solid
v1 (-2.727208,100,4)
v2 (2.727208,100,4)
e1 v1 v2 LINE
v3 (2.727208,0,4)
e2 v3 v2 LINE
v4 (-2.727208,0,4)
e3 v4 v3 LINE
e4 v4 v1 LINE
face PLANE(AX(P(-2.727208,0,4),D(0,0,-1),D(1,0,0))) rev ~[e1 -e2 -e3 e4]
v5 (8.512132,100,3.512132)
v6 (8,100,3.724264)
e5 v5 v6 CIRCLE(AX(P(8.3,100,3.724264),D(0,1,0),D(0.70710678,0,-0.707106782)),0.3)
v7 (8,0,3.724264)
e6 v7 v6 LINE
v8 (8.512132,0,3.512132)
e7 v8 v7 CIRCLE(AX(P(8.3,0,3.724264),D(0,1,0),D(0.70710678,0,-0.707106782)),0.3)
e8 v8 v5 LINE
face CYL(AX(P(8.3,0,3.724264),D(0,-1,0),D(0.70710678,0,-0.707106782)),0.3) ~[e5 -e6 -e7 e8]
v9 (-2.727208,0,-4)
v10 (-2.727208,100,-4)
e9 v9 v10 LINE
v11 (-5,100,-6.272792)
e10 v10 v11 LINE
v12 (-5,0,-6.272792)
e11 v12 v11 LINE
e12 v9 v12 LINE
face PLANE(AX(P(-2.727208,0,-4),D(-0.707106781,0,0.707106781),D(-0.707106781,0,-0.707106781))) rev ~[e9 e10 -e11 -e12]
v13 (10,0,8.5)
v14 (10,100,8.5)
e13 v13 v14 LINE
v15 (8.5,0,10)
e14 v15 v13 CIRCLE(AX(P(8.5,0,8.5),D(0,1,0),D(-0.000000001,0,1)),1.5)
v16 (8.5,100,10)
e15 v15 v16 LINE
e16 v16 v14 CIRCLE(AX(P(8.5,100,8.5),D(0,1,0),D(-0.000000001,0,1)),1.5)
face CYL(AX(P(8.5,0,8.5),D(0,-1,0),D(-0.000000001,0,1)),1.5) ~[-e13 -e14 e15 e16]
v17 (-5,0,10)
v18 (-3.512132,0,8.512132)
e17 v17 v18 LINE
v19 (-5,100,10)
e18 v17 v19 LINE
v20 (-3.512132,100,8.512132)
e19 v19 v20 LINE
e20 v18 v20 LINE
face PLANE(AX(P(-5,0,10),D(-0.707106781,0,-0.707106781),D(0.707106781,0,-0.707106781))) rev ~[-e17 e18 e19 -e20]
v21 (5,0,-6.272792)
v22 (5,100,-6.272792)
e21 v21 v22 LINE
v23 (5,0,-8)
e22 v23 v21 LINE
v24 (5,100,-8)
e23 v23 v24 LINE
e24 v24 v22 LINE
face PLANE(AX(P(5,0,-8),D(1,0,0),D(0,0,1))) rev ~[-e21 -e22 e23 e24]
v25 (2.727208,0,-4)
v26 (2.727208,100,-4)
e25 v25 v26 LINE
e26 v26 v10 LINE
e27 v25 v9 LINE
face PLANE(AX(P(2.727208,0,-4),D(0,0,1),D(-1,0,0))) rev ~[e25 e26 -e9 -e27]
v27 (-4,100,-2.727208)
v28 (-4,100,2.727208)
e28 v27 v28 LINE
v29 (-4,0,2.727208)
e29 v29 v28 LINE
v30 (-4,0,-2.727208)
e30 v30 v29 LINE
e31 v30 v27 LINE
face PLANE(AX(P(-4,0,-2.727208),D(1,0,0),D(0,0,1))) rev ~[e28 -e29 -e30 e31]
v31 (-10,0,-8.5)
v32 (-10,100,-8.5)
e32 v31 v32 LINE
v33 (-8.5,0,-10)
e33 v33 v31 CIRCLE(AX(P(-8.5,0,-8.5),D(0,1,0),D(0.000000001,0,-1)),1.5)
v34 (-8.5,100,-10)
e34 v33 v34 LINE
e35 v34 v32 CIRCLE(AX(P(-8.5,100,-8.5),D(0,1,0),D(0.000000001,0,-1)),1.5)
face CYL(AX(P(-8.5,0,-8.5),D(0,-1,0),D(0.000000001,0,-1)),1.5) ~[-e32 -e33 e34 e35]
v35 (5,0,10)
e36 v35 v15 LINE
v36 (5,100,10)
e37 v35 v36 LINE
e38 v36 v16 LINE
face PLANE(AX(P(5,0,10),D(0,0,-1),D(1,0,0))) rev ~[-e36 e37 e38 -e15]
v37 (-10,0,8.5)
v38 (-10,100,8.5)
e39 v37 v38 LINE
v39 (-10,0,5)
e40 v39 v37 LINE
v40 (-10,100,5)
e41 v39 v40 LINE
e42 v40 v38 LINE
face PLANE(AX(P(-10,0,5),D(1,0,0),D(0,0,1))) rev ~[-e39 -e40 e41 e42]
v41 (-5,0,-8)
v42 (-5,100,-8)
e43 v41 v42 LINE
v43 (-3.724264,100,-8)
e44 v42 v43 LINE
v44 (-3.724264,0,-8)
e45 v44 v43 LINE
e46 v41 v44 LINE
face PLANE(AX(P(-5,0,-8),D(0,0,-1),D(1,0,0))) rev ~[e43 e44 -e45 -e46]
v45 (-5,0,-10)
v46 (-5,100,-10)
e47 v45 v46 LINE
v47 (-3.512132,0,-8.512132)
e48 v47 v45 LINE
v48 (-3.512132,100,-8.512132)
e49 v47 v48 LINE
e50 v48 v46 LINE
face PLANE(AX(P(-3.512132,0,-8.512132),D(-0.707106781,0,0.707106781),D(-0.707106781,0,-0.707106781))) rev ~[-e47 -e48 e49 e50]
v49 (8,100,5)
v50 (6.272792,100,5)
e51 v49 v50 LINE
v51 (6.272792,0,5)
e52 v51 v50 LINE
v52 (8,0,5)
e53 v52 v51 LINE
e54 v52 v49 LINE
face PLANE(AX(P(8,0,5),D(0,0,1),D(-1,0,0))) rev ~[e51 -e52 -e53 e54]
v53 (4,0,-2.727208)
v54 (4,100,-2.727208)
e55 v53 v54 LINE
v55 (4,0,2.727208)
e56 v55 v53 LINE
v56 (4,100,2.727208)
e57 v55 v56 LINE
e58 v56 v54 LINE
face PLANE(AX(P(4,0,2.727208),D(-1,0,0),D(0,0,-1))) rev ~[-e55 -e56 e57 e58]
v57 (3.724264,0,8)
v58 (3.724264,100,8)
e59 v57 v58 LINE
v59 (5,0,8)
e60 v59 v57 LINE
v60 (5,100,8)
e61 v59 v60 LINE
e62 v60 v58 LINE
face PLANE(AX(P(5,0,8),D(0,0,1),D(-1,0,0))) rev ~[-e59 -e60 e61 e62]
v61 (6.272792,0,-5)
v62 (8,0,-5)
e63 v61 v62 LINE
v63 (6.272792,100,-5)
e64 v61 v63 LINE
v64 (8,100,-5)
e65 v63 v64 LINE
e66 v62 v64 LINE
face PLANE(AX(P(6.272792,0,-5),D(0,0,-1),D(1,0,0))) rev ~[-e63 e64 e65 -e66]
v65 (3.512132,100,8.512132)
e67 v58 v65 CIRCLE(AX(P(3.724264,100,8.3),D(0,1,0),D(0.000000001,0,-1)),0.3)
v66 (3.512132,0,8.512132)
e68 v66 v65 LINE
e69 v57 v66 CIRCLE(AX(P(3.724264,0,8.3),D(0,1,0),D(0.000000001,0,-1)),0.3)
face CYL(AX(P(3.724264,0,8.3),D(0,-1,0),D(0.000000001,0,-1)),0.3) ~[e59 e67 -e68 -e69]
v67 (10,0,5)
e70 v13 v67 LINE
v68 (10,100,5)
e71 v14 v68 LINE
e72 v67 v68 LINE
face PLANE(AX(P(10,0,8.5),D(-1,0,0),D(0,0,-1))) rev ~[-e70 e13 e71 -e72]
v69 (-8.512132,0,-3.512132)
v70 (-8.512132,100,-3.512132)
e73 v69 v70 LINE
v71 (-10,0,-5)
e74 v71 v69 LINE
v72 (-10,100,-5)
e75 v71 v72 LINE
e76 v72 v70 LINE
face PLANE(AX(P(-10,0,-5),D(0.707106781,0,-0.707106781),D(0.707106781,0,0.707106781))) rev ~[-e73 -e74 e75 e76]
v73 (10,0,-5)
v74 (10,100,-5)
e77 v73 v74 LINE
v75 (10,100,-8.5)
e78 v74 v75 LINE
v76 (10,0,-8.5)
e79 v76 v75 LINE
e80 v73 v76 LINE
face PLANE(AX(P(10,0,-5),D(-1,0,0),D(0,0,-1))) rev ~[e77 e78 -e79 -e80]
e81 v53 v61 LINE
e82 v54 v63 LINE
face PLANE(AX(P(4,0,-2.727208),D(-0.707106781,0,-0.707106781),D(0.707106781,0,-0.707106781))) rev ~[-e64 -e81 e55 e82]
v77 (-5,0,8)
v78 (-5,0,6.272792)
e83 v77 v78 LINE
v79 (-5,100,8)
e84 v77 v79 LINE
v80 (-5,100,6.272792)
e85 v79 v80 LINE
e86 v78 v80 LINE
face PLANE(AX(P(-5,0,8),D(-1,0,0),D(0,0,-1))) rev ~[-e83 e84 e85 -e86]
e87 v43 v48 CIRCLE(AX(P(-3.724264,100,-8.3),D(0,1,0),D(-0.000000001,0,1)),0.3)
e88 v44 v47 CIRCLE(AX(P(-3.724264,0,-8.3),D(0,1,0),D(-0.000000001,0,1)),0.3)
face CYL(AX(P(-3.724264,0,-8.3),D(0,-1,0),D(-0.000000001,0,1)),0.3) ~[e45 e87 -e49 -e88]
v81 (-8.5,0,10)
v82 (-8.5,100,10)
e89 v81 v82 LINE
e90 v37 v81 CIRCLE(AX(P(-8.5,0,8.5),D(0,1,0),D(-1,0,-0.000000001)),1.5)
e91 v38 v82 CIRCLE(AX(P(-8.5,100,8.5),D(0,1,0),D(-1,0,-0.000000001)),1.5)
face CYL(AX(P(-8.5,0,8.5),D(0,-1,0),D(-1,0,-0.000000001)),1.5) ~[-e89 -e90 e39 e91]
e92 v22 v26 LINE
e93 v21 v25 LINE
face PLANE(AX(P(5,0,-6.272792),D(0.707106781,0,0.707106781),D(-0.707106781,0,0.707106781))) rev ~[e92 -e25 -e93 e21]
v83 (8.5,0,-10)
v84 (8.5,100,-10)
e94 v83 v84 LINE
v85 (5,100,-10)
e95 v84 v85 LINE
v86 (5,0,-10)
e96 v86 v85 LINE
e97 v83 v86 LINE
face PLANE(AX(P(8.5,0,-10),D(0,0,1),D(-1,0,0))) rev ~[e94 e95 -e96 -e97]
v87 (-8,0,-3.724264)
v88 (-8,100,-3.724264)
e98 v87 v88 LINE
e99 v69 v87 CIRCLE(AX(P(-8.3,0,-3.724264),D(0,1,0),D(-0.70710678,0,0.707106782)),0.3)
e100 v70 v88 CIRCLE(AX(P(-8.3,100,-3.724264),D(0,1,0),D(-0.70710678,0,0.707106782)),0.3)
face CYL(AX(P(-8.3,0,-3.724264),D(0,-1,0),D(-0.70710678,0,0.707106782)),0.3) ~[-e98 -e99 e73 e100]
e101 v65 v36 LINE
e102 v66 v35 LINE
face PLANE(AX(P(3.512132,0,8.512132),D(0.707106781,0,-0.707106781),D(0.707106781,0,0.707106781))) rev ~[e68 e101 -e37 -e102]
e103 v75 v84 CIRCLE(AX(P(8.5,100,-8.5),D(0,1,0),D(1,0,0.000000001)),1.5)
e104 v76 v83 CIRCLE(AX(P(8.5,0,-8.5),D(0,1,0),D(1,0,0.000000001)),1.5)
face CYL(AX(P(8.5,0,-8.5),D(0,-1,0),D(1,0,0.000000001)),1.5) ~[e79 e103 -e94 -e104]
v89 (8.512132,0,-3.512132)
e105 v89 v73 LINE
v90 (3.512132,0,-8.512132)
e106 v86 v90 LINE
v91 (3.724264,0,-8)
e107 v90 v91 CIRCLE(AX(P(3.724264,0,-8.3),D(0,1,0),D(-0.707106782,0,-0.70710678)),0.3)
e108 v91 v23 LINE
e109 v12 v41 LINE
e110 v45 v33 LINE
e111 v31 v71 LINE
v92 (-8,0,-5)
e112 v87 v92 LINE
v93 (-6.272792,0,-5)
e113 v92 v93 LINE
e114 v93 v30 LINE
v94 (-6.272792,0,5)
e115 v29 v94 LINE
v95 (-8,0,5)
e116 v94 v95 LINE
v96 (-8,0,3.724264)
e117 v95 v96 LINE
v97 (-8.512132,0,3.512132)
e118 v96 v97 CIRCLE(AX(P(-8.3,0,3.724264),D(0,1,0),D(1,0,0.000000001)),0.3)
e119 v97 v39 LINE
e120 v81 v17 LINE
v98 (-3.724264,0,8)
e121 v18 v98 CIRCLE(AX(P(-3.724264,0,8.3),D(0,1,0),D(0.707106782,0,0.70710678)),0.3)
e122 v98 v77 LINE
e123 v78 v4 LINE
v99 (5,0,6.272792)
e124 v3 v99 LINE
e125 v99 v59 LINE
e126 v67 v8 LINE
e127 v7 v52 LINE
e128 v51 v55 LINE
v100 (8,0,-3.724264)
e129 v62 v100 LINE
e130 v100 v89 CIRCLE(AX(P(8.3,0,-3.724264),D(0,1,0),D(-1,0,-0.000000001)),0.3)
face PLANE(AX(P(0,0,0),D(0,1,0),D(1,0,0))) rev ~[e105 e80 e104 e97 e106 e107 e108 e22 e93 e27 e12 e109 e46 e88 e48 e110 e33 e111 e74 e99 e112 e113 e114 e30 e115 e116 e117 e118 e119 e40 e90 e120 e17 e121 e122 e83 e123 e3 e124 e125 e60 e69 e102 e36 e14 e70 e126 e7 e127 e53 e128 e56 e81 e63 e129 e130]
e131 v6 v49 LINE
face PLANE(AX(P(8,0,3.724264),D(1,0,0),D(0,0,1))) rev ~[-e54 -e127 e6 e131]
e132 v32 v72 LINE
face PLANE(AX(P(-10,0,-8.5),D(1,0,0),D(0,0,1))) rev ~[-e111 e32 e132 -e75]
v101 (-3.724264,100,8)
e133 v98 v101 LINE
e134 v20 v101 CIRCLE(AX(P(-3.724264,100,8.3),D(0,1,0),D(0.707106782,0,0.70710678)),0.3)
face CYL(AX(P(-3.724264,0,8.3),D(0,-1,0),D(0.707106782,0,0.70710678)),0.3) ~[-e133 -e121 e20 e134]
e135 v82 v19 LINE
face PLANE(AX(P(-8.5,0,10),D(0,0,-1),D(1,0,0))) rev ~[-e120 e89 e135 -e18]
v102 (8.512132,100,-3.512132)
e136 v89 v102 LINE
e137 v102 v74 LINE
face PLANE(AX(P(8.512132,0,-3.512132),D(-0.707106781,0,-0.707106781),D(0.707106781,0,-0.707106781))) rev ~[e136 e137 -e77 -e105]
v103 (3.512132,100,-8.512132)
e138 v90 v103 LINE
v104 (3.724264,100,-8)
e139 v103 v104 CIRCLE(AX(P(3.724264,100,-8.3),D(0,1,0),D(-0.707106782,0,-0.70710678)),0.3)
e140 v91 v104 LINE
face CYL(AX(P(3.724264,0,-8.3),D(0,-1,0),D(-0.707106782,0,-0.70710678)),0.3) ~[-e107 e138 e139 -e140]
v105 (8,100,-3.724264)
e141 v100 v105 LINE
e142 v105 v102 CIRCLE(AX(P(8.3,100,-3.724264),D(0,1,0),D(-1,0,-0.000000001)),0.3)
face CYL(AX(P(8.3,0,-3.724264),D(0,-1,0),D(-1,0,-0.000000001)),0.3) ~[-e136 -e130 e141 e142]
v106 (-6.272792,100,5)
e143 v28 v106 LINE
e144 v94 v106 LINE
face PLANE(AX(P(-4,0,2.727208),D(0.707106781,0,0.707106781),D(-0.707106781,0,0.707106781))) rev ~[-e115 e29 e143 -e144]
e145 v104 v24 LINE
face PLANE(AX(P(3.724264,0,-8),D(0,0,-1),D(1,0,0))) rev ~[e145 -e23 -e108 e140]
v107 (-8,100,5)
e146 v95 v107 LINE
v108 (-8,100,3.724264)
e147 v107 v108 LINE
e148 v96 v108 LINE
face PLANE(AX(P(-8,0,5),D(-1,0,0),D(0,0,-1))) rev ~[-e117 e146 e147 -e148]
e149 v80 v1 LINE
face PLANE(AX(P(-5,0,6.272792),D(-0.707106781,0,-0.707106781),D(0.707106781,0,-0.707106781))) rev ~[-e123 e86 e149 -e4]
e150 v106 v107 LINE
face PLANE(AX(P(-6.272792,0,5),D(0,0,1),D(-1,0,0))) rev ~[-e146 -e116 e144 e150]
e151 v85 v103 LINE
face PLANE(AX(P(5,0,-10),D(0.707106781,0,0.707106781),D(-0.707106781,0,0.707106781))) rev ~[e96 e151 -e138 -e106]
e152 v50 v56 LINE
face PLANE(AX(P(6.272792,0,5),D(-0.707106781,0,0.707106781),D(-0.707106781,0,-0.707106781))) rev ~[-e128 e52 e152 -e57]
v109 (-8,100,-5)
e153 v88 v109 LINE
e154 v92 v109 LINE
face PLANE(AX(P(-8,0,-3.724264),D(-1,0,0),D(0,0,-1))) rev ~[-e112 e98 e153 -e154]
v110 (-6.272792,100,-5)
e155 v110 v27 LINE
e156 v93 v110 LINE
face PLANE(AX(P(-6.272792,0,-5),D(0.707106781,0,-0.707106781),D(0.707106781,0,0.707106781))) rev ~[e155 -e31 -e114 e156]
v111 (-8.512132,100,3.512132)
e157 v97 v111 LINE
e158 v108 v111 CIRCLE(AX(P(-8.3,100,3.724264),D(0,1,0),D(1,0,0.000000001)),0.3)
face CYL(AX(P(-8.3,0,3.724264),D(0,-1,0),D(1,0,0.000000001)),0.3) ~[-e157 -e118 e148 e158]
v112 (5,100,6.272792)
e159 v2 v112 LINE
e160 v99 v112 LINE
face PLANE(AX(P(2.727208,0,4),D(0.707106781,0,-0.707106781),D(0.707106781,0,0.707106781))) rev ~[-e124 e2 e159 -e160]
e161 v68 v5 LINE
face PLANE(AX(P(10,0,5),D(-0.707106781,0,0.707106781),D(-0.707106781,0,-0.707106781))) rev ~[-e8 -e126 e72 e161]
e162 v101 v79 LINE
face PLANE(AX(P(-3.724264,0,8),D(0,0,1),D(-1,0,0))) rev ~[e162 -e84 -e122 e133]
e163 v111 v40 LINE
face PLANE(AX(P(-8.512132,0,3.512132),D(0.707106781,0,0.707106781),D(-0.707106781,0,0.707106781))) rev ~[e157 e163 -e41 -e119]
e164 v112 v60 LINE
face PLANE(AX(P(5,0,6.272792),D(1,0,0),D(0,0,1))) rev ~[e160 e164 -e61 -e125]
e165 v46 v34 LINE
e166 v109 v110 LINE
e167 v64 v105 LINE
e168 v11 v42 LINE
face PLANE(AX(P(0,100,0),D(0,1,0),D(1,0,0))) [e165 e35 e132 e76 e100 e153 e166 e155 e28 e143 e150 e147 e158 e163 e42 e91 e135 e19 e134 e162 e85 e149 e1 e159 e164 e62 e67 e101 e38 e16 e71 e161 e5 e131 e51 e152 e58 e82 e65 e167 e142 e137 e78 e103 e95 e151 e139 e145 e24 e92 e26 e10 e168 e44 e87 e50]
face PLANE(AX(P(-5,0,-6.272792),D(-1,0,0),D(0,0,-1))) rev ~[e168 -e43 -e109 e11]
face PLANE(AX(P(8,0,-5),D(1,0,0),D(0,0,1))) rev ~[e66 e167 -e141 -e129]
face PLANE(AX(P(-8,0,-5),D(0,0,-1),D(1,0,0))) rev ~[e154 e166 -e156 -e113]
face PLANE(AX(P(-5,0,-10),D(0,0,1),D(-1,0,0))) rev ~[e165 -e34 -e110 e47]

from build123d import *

# Parameters (mm, degrees)
EXTRUDE_1_DEPTH = 100


with BuildPart() as part:
    # Эскиз1 → Бобышка-Вытянуть1 (new body)
    with BuildSketch(Plane(origin=(0, 0, 0), x_dir=(1, 0, 0), z_dir=(0, 1, 0))):
        with BuildLine():
            Line((6.272792206, 5), (8, 5))
            Line((8, 5), (8, 3.724264069))
            ThreePointArc((8, 3.724264069), (8.18519497, 3.447100209), (8.512132034, 3.512132034))
            Line((8.512132034, 3.512132034), (10, 5))
            Line((10, 5), (10, 8.5))
            ThreePointArc((10, 8.5), (9.560660172, 9.560660172), (8.5, 10))
            Line((8.5, 10), (5, 10))
            Line((5, 10), (3.512132034, 8.512132034))
            ThreePointArc((3.512132034, 8.512132034), (3.447100209, 8.18519497), (3.724264069, 8))
            Line((3.724264069, 8), (5, 8))
            Line((5, 8), (5, 6.272792206))
            Line((5, 6.272792206), (2.727207794, 4))
            Line((2.727207794, 4), (-2.727207794, 4))
            Line((-2.727207794, 4), (-5, 6.272792206))
            Line((-5, 6.272792206), (-5, 8))
            Line((-5, 8), (-3.724264069, 8))
            ThreePointArc((-3.724264069, 8), (-3.447100209, 8.18519497), (-3.512132034, 8.512132034))
            Line((-3.512132034, 8.512132034), (-5, 10))
            Line((-5, 10), (-8.5, 10))
            ThreePointArc((-8.5, 10), (-9.560660172, 9.560660172), (-10, 8.5))
            Line((-10, 8.5), (-10, 5))
            Line((-10, 5), (-8.512132034, 3.512132034))
            ThreePointArc((-8.512132034, 3.512132034), (-8.18519497, 3.447100209), (-8, 3.724264069))
            Line((-8, 3.724264069), (-8, 5))
            Line((-8, 5), (-6.272792206, 5))
            Line((-6.272792206, 5), (-4, 2.727207794))
            Line((-4, 2.727207794), (-4, -2.727207794))
            Line((-4, -2.727207794), (-6.272792206, -5))
            Line((-6.272792206, -5), (-8, -5))
            Line((-8, -5), (-8, -3.724264069))
            ThreePointArc((-8, -3.724264069), (-8.18519497, -3.447100209), (-8.512132034, -3.512132034))
            Line((-8.512132034, -3.512132034), (-10, -5))
            Line((-10, -5), (-10, -8.5))
            ThreePointArc((-10, -8.5), (-9.560660172, -9.560660172), (-8.5, -10))
            Line((-8.5, -10), (-5, -10))
            Line((-5, -10), (-3.512132034, -8.512132034))
            ThreePointArc((-3.512132034, -8.512132034), (-3.447100209, -8.18519497), (-3.724264069, -8))
            Line((-3.724264069, -8), (-5, -8))
            Line((-5, -8), (-5, -6.272792206))
            Line((-5, -6.272792206), (-2.727207794, -4))
            Line((-2.727207794, -4), (2.727207794, -4))
            Line((2.727207794, -4), (5, -6.272792206))
            Line((5, -6.272792206), (5, -8))
            Line((5, -8), (3.724264069, -8))
            ThreePointArc((3.724264069, -8), (3.447100209, -8.18519497), (3.512132034, -8.512132034))
            Line((3.512132034, -8.512132034), (5, -10))
            Line((5, -10), (8.5, -10))
            ThreePointArc((8.5, -10), (9.560660172, -9.560660172), (10, -8.5))
            Line((10, -8.5), (10, -5))
            Line((10, -5), (8.512132034, -3.512132034))
            ThreePointArc((8.512132034, -3.512132034), (8.18519497, -3.447100209), (8, -3.724264069))
            Line((8, -3.724264069), (8, -5))
            Line((8, -5), (6.272792206, -5))
            Line((6.272792206, -5), (4, -2.727207794))
            Line((4, -2.727207794), (4, 2.727207794))
            Line((4, 2.727207794), (6.272792206, 5))
        make_face()
    extrude(amount=EXTRUDE_1_DEPTH)


solid = part.part
